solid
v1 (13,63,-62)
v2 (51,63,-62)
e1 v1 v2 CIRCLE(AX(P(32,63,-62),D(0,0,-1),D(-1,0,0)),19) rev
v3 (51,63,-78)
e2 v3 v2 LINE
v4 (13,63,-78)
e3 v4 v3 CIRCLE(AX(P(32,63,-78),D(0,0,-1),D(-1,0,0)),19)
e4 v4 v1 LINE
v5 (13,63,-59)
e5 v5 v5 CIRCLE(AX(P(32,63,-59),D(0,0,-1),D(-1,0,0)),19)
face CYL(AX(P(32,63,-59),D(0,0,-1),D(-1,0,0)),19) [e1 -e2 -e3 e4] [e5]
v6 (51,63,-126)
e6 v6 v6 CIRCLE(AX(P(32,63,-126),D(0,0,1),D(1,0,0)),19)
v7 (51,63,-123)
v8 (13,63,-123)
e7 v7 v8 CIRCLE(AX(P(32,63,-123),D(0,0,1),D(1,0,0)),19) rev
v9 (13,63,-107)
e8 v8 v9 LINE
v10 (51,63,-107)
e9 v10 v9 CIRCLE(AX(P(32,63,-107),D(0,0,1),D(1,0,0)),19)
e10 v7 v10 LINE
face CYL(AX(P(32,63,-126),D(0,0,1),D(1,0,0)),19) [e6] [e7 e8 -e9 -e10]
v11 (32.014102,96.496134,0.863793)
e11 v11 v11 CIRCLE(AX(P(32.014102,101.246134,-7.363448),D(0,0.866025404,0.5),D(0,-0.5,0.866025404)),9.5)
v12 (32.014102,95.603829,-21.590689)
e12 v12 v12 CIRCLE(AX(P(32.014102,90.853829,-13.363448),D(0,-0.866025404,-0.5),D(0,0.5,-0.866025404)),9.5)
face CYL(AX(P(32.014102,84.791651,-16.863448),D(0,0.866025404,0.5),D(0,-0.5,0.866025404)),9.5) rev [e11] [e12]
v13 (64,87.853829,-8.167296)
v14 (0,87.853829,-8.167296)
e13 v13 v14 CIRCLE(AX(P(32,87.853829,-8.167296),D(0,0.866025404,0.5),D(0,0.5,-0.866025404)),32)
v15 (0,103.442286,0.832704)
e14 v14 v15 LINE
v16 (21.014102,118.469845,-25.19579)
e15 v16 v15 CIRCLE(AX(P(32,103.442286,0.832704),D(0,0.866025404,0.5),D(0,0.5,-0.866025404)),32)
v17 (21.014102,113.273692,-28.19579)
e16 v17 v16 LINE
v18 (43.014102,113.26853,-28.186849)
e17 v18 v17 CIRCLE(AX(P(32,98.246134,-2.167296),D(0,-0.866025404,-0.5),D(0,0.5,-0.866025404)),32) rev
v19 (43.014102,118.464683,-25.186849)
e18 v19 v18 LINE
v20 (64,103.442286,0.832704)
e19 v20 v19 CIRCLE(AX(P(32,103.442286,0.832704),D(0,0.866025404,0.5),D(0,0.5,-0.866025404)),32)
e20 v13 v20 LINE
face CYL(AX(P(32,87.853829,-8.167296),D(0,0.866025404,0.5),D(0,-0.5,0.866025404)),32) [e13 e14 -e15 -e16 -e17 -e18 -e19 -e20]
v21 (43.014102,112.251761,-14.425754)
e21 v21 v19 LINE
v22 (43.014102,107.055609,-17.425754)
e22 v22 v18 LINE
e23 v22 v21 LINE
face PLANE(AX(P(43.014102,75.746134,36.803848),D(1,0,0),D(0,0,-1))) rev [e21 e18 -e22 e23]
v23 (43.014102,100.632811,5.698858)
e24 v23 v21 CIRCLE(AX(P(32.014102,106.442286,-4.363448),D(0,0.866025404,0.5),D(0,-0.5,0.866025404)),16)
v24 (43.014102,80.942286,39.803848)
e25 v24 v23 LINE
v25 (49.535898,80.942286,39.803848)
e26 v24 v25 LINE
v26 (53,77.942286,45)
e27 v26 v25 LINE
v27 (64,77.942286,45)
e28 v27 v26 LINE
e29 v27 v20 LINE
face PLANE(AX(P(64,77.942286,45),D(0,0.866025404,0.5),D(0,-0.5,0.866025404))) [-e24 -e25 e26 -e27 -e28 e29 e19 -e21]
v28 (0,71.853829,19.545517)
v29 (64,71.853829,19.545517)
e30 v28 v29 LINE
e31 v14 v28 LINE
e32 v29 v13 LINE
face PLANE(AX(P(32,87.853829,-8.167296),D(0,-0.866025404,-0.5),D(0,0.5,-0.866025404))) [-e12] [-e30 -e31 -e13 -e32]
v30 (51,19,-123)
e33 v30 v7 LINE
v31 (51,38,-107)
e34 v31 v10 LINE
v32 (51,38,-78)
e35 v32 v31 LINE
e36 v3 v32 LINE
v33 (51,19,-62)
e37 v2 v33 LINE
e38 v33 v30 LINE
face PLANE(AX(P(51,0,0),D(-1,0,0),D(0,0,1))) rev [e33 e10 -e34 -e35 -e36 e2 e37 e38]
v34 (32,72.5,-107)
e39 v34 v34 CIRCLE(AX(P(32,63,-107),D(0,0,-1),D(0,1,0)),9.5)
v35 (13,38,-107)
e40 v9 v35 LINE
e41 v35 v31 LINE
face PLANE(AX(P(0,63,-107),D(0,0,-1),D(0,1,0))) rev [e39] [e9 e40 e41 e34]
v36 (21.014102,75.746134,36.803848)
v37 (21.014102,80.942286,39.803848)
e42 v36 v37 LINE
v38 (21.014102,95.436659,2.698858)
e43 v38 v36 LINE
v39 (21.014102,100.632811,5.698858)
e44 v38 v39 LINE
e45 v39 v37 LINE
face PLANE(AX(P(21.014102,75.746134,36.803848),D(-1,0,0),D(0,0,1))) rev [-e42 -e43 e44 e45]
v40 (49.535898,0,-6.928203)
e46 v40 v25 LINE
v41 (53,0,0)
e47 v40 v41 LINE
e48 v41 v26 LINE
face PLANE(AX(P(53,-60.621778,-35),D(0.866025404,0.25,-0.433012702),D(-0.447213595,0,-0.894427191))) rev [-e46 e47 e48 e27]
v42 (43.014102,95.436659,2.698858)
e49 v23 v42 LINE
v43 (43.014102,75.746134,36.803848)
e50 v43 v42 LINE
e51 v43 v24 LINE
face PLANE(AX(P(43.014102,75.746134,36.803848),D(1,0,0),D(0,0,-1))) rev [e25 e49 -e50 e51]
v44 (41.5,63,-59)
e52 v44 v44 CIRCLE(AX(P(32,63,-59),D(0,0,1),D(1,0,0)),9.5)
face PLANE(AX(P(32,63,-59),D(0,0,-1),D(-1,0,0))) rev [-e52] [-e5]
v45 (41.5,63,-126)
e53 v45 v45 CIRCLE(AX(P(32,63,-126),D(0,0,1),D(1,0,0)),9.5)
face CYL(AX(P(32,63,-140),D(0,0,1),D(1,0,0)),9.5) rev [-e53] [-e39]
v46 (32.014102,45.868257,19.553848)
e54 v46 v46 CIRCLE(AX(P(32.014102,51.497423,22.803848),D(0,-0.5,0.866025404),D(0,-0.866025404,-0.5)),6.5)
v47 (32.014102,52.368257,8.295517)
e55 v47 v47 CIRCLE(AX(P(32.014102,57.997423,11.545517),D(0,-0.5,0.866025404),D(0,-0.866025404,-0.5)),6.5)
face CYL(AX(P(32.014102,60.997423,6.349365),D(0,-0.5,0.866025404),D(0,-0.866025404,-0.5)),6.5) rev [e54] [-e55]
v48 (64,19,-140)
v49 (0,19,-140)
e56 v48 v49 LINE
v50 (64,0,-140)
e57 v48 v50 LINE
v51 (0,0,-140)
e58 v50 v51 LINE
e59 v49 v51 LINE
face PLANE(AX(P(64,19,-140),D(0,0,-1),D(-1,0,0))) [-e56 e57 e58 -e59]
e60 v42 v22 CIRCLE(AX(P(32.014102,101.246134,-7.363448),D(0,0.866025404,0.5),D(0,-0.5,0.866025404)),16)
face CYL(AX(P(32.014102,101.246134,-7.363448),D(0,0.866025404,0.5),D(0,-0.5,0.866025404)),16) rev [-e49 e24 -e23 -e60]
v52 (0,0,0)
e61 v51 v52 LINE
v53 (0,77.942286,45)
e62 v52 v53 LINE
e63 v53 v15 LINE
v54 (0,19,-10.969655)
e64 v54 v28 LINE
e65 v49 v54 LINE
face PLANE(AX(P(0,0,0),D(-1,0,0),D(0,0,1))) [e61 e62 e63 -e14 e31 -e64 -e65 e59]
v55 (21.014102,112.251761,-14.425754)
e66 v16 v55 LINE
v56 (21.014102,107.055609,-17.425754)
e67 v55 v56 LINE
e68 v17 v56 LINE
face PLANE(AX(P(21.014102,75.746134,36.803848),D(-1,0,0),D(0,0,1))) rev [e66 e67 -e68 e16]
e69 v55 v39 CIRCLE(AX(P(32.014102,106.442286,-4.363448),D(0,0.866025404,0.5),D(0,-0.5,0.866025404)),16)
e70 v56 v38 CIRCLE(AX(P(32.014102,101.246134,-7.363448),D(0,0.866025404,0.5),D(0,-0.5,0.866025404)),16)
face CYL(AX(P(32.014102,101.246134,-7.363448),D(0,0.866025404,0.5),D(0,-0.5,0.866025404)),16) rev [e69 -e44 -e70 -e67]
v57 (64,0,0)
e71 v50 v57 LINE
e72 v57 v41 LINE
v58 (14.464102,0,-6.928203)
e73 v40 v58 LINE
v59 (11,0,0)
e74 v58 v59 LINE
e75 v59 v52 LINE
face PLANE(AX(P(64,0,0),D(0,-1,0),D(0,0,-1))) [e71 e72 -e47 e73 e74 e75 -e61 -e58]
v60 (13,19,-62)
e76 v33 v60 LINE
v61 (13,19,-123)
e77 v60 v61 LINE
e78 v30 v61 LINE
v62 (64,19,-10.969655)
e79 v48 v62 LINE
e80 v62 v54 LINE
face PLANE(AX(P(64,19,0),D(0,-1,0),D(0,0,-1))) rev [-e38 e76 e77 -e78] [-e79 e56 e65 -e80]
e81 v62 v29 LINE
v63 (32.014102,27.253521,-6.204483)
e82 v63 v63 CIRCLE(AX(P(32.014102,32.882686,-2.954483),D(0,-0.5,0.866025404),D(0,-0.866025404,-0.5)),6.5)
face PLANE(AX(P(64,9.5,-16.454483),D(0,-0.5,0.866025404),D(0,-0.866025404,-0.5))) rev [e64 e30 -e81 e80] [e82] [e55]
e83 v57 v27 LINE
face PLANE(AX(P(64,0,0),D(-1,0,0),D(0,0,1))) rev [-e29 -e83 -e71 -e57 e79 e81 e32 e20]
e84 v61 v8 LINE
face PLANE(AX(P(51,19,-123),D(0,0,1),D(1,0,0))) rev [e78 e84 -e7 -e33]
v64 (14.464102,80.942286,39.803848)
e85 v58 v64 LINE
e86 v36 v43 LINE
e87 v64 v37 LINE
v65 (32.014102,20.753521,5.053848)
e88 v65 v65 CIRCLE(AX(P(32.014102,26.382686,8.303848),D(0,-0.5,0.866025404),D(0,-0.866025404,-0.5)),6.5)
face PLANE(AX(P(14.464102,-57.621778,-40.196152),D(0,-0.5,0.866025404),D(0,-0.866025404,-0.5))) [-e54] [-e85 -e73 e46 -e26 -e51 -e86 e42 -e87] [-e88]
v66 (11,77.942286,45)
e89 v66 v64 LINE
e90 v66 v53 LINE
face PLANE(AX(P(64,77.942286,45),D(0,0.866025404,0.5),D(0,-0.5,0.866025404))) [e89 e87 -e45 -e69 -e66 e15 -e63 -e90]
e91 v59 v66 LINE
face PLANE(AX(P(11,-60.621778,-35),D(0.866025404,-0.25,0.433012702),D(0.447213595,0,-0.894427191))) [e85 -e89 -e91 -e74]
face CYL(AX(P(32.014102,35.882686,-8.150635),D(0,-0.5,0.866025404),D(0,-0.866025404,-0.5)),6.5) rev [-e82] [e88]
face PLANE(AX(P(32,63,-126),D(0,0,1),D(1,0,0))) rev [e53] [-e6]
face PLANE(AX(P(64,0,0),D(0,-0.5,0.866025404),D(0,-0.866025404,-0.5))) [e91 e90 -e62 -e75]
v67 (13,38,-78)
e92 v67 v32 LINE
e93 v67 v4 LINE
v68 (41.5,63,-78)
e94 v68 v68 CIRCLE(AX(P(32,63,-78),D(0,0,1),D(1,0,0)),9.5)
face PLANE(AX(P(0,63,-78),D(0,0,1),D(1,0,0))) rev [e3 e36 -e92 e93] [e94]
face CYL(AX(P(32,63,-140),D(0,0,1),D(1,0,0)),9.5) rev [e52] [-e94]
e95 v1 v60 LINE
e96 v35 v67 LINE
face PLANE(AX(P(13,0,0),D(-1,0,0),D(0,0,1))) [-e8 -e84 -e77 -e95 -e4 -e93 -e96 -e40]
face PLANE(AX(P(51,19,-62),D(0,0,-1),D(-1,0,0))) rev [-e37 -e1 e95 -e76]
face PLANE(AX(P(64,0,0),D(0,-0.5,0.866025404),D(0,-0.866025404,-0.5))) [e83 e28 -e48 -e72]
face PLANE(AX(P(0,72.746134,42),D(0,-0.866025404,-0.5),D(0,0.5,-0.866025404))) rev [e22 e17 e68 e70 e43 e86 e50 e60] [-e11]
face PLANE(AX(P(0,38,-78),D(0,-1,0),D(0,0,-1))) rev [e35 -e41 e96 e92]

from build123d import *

# Parameters (mm, degrees)
EXTRUDE_THIN1_DEPTH     = 64
BOSS_EXTRUDE1_DEPTH     = 18
SKETCH3_W               = 61
SKETCH3_H               = 44
BOSS_EXTRUDE2_DEPTH     = 19
SKETCH4_W               = 29
SKETCH4_H               = 25
CUT_EXTRUDE1_DEPTH      = 191.964551072
CUT_EXTRUDE2_DEPTH      = 55
CUT_EXTRUDE2_DEPTH_BACK = 204.633149969
SKETCH5_R               = 19
SKETCH6_R               = 19
BOSS_EXTRUDE3_DEPTH     = 19
SKETCH8_R               = 19
BOSS_EXTRUDE4_DEPTH     = 19
SKETCH9_R               = 9.5
CUT_EXTRUDE3_DEPTH      = 171.817035937
CUT_EXTRUDE8_DEPTH      = 211.703583263
SKETCH16_W              = 22
SKETCH16_H              = 80
CUT_EXTRUDE9_DEPTH      = 6
SKETCH17_R              = 16
CUT_EXTRUDE10_DEPTH     = 6
SKETCH18_R              = 9.5
CUT_EXTRUDE11_DEPTH     = 19
SKETCH19_R              = 6.5
CUT_EXTRUDE12_DEPTH     = 19


with BuildPart() as part:
    # Sketch1 → Extrude-Thin1 (new body)
    with BuildSketch(Plane(origin=(0, 0, 0), x_dir=(0, 0, -1), z_dir=(1, 0, 0))):
        Polygon((-45, 77.942286341), (0, 0), (140, 0), (140, 19), (10.969655115, 19), (-28.545517328, 87.442286341), align=None)
    extrude(amount=EXTRUDE_THIN1_DEPTH)

    # Sketch2 → Boss-Extrude1 (add)
    with BuildSketch(Plane(origin=(0, 77.942286341, 45), x_dir=(1, 0, 0), z_dir=(0, 0.8660254037844362, 0.5000000000000046))):
        with BuildLine():
            Line((0, 0), (0, 51))
            ThreePointArc((0, 51), (32, 83), (64, 51))
            Line((64, 51), (64, 0))
            Line((64, 0), (0, 0))
        make_face()
    extrude(amount=-BOSS_EXTRUDE1_DEPTH)

    # Sketch3 → Boss-Extrude2 (add, symmetric)
    with BuildSketch(Plane(origin=(32, 0, 0), x_dir=(0, 0, -1), z_dir=(1, 0, 0))):
        with Locations((92.5, 41)):
            Rectangle(SKETCH3_W, SKETCH3_H)
    extrude(amount=BOSS_EXTRUDE2_DEPTH, both=True)

    # Sketch4 → Cut-Extrude1 (cut, through all)
    with BuildSketch(Plane(origin=(51, 0, 0), x_dir=(0, 0, -1), z_dir=(1, 0, 0))):
        with Locations((92.5, 50.5)):
            Rectangle(SKETCH4_W, SKETCH4_H)
    extrude(amount=-CUT_EXTRUDE1_DEPTH, mode=Mode.SUBTRACT)

    # Sketch5 → Cut-Extrude2 (cut, two sides: drawn at the far end of the back side and taken through both)
    with BuildSketch(Plane.XY.offset(-107).offset(-CUT_EXTRUDE2_DEPTH_BACK)):
        with Locations((32, 63)):
            Circle(SKETCH5_R)
    extrude(amount=CUT_EXTRUDE2_DEPTH + CUT_EXTRUDE2_DEPTH_BACK, mode=Mode.SUBTRACT)

    # Sketch6 → Boss-Extrude3 (add)
    with BuildSketch(Plane.XY.offset(-107)):
        with Locations((32, 63)):
            Circle(SKETCH6_R)
    extrude(amount=-BOSS_EXTRUDE3_DEPTH)

    # Sketch8 → Boss-Extrude4 (add)
    with BuildSketch(Plane(origin=(0, 0, -78), x_dir=(-1, 0, 0), z_dir=(0, 0, -1))):
        with Locations(Location((-32, 63, 0), (0, 0, 180))):
            Circle(SKETCH8_R)
    extrude(amount=-BOSS_EXTRUDE4_DEPTH)

    # Sketch9 → Cut-Extrude3 (cut, through all)
    with BuildSketch(Plane.XY.offset(-59)):
        with Locations((32, 63)):
            Circle(SKETCH9_R)
    extrude(amount=-CUT_EXTRUDE3_DEPTH, mode=Mode.SUBTRACT)

    # Sketch15 → Cut-Extrude8 (cut, through all)
    with BuildSketch(Plane(origin=(0, 77.942286341, 45), x_dir=(1, 0, 0), z_dir=(0, 0.8660254037844362, 0.5000000000000046))):
        Polygon((11, 0), (14.464101615, 6), (49.535898385, 6), (53, 0), align=None)
    extrude(amount=-CUT_EXTRUDE8_DEPTH, mode=Mode.SUBTRACT)

    # Sketch16 → Cut-Extrude9 (cut)
    with BuildSketch(Plane(origin=(0, 77.942286341, 45), x_dir=(1, 0, 0), z_dir=(0, 0.8660254037844362, 0.5000000000000046))):
        with Locations((32.014101615, 46)):
            Rectangle(SKETCH16_W, SKETCH16_H)
    extrude(amount=-CUT_EXTRUDE9_DEPTH, mode=Mode.SUBTRACT)

    # Sketch17 → Cut-Extrude10 (cut)
    with BuildSketch(Plane(origin=(0, 77.942286341, 45), x_dir=(1, 0, 0), z_dir=(0, 0.8660254037844362, 0.5000000000000046))):
        with Locations((32.014101615, 57)):
            Circle(SKETCH17_R)
    extrude(amount=-CUT_EXTRUDE10_DEPTH, mode=Mode.SUBTRACT)

    # Sketch18 → Cut-Extrude11 (cut)
    with BuildSketch(Plane(origin=(0, 72.746133918, 42), x_dir=(1, 0, 0), z_dir=(0, 0.866025403784436, 0.5000000000000047))):
        with Locations(Location((32.014101615, 57, 0), (0, 0, 270))):
            Circle(SKETCH18_R)
    extrude(amount=-CUT_EXTRUDE11_DEPTH, mode=Mode.SUBTRACT)

    # Sketch19 → Cut-Extrude12 (cut)
    with BuildSketch(Plane(origin=(0, 3, -5.196152423), x_dir=(1, 0, 0), z_dir=(0, -0.5000000000000044, 0.8660254037844362))):
        with Locations(Location((32.014101615, 56, 0), (0, 0, 270))):
            Circle(SKETCH19_R)
        with Locations(Location((32.014101615, 27, 0), (0, 0, 270))):
            Circle(SKETCH19_R)
    extrude(amount=-CUT_EXTRUDE12_DEPTH, mode=Mode.SUBTRACT)


solid = part.part
